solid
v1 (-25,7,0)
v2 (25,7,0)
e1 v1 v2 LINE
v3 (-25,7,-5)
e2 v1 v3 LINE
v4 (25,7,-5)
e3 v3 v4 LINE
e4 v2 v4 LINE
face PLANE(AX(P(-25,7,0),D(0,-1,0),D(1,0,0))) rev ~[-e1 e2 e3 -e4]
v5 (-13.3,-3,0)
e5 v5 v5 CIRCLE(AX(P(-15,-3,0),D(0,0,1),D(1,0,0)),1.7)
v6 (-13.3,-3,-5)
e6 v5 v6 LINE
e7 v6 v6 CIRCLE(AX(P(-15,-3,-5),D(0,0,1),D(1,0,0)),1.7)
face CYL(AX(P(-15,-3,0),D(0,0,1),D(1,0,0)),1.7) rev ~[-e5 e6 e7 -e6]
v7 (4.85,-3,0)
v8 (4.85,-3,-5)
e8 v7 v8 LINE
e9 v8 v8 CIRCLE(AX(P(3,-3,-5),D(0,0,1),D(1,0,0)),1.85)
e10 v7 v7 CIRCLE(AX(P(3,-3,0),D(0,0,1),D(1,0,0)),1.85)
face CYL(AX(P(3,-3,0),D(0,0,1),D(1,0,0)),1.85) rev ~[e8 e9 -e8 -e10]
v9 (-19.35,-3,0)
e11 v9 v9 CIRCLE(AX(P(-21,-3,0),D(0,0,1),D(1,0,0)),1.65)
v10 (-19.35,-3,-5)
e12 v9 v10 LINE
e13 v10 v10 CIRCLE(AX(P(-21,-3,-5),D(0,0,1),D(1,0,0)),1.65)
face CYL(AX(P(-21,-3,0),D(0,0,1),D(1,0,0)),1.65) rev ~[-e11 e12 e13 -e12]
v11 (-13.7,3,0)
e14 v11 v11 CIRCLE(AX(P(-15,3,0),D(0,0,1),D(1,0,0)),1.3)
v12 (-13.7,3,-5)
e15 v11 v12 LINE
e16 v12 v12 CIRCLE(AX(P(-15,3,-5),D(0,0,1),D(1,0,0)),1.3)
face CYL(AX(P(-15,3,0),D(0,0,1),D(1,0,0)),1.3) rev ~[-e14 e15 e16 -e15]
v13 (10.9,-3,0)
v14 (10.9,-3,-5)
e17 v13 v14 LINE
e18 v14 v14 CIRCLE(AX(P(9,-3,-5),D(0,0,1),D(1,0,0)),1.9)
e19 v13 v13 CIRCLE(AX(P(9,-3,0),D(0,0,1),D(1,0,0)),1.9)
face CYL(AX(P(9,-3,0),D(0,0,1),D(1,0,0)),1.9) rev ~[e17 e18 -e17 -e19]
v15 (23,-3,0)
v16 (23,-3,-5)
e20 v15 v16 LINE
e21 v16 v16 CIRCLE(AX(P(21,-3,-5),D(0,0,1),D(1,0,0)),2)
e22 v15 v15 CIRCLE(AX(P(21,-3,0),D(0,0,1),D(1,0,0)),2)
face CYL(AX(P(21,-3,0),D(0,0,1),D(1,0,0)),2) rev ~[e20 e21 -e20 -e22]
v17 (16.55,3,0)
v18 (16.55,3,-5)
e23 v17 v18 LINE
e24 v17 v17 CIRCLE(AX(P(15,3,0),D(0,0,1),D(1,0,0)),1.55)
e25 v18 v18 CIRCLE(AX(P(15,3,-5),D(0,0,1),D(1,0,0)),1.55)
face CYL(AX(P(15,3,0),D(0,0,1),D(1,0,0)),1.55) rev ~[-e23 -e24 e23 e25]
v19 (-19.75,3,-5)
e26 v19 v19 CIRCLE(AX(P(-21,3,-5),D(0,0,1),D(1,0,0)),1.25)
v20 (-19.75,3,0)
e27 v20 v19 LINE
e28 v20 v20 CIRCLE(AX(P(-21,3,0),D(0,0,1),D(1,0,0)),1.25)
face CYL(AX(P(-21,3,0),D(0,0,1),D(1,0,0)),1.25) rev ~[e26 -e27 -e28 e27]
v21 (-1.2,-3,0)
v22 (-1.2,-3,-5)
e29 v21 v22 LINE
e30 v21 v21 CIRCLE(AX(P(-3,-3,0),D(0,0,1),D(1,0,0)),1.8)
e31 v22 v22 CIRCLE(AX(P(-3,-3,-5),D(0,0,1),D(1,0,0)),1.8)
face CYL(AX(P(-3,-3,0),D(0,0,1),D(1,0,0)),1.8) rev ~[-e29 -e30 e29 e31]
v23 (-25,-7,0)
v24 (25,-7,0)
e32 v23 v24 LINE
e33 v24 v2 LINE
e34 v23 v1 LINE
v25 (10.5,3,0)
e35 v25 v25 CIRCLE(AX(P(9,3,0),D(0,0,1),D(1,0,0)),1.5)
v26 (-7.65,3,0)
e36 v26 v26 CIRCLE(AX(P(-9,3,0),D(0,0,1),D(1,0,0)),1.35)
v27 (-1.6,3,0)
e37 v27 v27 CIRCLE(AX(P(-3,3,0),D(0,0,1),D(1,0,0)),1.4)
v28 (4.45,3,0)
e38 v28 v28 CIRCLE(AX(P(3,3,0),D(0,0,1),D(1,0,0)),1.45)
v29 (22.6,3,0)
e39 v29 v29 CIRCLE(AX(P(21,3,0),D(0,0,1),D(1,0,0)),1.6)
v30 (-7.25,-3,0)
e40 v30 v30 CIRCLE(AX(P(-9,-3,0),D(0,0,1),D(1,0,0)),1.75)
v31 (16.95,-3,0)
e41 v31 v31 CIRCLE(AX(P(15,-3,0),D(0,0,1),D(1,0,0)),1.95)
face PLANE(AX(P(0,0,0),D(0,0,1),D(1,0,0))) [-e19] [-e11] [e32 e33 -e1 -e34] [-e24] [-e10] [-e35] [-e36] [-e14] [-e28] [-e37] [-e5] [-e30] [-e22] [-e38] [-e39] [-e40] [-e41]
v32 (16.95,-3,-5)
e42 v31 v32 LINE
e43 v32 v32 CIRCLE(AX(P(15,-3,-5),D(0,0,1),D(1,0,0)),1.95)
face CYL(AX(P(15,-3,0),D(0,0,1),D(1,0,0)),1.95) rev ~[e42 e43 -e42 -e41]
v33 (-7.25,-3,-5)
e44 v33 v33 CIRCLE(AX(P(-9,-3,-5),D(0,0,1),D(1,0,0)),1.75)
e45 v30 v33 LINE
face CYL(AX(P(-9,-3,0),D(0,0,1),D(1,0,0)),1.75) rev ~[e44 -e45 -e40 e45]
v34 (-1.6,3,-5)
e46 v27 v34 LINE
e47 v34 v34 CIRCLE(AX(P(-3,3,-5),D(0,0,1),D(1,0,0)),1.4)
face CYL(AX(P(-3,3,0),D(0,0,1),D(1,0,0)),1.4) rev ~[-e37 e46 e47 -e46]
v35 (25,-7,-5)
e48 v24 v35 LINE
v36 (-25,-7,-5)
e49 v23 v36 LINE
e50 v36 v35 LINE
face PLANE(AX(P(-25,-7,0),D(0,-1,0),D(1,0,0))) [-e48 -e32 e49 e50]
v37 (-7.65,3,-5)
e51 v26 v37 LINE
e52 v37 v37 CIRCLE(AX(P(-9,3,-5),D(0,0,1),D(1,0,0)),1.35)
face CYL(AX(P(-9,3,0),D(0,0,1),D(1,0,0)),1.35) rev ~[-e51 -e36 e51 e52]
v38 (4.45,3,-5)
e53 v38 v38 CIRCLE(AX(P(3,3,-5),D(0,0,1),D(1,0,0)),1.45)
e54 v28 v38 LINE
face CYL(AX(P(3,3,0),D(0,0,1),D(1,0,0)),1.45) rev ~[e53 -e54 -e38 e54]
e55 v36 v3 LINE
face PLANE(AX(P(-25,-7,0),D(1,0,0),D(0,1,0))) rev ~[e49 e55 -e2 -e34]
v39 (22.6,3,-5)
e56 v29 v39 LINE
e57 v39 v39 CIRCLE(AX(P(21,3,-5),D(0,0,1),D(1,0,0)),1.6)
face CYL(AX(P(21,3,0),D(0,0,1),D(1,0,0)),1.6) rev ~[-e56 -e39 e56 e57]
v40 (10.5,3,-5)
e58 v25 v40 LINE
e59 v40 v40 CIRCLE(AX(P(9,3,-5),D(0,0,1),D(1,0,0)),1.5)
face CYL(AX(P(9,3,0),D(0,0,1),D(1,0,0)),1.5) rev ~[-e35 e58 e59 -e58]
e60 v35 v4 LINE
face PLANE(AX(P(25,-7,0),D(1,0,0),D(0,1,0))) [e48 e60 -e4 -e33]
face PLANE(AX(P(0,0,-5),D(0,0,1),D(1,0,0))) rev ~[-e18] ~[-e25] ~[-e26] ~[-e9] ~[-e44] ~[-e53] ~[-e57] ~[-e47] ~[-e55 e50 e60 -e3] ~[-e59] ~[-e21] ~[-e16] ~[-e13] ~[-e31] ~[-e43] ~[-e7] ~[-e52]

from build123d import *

# Parameters (mm, degrees)
F0_W     = 50
F0_H     = 14
F0_R     = 1.65
F0_R_2   = 1.7
F0_R_3   = 1.75
F0_R_4   = 1.8
F0_R_5   = 1.85
F0_R_6   = 1.9
F0_R_7   = 1.95
F0_R_8   = 2
F0_R_9   = 1.25
F0_R_10  = 1.3
F0_R_11  = 1.35
F0_R_12  = 1.4
F0_R_13  = 1.45
F0_R_14  = 1.5
F0_R_15  = 1.55
F0_R_16  = 1.6
F1_DEPTH = 5


with BuildPart() as f1:
    # F0 (on Top) → F1 (new body)
    with BuildSketch(Plane.XY):
        Rectangle(F0_W, F0_H)
        with Locations((-21, -3)):
            Circle(F0_R, mode=Mode.SUBTRACT)
        with Locations((-15, -3)):
            Circle(F0_R_2, mode=Mode.SUBTRACT)
        with Locations((-9, -3)):
            Circle(F0_R_3, mode=Mode.SUBTRACT)
        with Locations((-3, -3)):
            Circle(F0_R_4, mode=Mode.SUBTRACT)
        with Locations((3, -3)):
            Circle(F0_R_5, mode=Mode.SUBTRACT)
        with Locations((9, -3)):
            Circle(F0_R_6, mode=Mode.SUBTRACT)
        with Locations((15, -3)):
            Circle(F0_R_7, mode=Mode.SUBTRACT)
        with Locations((21, -3)):
            Circle(F0_R_8, mode=Mode.SUBTRACT)
        with Locations((-21, 3)):
            Circle(F0_R_9, mode=Mode.SUBTRACT)
        with Locations((-15, 3)):
            Circle(F0_R_10, mode=Mode.SUBTRACT)
        with Locations((-9, 3)):
            Circle(F0_R_11, mode=Mode.SUBTRACT)
        with Locations((-3, 3)):
            Circle(F0_R_12, mode=Mode.SUBTRACT)
        with Locations((3, 3)):
            Circle(F0_R_13, mode=Mode.SUBTRACT)
        with Locations((9, 3)):
            Circle(F0_R_14, mode=Mode.SUBTRACT)
        with Locations((15, 3)):
            Circle(F0_R_15, mode=Mode.SUBTRACT)
        with Locations((21, 3)):
            Circle(F0_R_16, mode=Mode.SUBTRACT)
    extrude(amount=-F1_DEPTH)


solid = f1.part
